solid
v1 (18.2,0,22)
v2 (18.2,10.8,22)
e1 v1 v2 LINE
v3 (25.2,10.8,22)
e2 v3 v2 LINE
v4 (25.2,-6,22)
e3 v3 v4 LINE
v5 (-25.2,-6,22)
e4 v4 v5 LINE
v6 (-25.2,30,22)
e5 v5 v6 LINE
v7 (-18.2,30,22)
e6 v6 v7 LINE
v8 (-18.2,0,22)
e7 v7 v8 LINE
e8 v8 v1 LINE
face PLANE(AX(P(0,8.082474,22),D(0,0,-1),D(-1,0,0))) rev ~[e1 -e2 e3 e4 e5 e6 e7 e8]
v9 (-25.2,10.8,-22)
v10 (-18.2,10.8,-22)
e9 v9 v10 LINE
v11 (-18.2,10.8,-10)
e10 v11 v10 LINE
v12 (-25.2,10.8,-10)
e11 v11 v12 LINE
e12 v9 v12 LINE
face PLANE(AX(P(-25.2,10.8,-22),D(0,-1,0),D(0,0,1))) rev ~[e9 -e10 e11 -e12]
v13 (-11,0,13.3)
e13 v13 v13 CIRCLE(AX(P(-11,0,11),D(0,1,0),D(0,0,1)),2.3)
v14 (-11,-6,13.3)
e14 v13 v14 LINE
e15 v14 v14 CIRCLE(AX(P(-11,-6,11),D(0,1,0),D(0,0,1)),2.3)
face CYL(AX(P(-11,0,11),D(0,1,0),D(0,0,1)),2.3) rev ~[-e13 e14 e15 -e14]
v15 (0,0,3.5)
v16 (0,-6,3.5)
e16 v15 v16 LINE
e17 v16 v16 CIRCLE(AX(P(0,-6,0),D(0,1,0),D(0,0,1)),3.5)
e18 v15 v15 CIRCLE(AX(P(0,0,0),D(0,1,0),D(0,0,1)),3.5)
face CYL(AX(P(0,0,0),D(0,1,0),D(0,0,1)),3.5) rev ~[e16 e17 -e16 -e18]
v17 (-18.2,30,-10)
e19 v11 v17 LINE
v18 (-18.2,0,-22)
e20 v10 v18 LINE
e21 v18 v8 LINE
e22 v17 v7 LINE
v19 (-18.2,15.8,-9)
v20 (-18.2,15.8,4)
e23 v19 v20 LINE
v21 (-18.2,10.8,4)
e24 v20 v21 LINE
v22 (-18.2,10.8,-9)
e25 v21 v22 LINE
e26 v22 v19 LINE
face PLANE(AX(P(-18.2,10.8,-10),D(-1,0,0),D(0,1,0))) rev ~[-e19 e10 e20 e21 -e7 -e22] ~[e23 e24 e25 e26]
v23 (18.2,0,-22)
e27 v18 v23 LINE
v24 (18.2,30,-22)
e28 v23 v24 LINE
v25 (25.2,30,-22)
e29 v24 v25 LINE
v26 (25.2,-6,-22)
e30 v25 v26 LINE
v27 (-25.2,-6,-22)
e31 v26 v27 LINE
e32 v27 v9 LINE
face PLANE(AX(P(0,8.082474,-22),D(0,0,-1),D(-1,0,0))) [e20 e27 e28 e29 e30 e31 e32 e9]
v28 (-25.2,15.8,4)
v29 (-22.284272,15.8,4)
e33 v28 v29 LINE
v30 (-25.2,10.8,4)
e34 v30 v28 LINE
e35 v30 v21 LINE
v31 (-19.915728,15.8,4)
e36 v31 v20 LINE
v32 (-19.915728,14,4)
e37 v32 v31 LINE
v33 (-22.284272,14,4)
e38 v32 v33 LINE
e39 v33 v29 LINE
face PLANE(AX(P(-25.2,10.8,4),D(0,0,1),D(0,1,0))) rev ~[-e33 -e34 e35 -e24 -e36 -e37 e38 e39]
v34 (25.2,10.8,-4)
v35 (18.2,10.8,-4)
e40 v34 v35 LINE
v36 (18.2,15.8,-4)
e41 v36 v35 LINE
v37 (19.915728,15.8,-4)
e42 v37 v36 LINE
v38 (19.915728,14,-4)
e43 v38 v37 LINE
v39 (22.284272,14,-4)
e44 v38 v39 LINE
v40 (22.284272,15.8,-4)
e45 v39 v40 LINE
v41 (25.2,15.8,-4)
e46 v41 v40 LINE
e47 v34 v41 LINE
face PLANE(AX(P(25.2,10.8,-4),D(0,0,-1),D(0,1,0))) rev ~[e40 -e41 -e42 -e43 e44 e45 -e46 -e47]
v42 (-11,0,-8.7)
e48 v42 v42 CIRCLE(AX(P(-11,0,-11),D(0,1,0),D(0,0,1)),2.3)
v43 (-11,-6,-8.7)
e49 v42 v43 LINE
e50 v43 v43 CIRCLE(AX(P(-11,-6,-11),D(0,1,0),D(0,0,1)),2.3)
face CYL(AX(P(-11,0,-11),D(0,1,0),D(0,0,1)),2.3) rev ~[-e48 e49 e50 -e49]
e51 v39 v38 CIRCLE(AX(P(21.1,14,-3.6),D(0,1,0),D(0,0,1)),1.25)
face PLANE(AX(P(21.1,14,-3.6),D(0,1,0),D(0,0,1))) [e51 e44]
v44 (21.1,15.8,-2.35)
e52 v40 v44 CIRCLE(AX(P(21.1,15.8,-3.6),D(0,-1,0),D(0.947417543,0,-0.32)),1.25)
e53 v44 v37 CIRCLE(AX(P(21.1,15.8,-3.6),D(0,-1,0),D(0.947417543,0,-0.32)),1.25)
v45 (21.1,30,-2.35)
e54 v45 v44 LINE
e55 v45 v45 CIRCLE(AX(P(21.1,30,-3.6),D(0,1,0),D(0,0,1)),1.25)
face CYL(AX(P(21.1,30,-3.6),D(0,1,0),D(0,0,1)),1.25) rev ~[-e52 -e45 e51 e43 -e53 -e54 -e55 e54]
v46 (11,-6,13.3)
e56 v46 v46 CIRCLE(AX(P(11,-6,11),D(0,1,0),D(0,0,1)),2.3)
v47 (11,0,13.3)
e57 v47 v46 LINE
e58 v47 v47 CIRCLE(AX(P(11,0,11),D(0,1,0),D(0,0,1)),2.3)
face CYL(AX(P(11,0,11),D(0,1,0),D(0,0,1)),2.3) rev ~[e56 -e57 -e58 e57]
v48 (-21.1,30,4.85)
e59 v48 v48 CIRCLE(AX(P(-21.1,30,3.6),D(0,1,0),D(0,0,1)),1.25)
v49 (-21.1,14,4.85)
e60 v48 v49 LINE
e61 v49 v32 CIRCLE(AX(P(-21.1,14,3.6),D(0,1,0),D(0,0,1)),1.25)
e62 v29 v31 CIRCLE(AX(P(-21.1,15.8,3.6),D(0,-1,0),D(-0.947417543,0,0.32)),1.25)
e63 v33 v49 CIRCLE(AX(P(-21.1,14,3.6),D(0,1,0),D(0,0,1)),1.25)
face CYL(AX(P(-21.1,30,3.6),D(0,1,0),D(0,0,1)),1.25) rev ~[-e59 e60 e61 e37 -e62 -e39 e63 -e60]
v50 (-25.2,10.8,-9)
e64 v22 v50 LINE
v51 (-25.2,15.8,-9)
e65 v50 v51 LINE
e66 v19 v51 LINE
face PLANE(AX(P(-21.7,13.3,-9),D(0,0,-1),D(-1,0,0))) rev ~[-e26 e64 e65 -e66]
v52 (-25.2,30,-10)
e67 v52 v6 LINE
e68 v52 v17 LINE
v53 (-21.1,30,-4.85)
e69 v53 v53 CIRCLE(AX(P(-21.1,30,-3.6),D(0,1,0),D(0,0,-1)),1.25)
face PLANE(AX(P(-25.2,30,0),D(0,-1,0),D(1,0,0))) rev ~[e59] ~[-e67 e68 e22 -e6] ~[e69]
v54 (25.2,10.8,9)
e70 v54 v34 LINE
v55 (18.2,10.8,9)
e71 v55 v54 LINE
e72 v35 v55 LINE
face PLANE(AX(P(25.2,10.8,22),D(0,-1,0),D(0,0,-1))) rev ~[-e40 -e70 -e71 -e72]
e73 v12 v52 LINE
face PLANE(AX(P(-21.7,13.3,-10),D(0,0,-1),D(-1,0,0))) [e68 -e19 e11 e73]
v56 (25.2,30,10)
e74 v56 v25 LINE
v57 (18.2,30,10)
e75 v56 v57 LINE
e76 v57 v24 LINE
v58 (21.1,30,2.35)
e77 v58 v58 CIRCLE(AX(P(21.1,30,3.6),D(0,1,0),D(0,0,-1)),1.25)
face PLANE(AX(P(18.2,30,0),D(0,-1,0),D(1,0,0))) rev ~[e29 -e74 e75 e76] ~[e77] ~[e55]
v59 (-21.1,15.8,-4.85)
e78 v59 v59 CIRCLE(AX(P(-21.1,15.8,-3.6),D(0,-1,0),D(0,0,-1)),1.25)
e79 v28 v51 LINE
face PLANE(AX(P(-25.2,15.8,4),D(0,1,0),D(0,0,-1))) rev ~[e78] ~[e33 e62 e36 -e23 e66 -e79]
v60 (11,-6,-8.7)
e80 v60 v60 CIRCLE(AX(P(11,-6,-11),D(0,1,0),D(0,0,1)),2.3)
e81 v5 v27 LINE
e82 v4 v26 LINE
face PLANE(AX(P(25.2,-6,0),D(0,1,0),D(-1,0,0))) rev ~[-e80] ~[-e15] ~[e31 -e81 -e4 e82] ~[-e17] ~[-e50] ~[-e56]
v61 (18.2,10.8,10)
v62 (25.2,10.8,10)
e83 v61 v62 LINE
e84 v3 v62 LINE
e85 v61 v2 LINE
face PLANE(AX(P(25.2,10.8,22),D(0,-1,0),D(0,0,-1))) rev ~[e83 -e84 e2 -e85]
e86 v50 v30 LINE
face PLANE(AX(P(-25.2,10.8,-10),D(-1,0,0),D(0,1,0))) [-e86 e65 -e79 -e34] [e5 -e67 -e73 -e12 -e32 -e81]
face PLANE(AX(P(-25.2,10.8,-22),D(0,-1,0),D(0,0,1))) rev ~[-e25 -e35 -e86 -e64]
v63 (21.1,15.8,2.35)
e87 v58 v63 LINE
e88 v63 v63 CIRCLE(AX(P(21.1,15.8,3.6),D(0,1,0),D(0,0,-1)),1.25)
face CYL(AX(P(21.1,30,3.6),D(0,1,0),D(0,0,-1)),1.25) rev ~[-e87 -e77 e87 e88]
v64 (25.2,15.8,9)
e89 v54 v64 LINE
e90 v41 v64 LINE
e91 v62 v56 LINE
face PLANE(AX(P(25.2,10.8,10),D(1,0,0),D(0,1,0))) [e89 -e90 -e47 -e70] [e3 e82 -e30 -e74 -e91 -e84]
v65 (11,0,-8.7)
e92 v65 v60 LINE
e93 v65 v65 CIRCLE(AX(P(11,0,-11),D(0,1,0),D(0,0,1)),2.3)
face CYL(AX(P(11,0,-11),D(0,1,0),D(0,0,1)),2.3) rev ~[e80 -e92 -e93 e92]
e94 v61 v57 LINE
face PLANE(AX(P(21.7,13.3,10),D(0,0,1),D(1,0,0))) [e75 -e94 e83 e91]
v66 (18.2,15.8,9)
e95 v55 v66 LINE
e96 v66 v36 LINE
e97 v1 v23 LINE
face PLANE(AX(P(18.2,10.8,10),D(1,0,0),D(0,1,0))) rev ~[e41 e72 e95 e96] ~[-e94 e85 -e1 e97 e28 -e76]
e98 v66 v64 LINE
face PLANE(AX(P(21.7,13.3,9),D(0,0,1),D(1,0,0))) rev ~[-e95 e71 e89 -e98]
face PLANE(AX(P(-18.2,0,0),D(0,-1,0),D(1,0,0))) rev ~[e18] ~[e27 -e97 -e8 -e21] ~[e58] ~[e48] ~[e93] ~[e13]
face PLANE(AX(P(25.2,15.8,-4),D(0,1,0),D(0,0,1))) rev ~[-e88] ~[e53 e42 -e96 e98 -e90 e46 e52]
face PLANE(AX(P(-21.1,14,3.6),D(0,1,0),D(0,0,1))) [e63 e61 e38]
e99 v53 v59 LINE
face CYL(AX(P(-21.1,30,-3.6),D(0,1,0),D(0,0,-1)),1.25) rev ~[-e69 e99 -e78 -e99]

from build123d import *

# Parameters (mm, degrees)
BOSS_EXTRUDE1_DEPTH = 22
SKETCH2_R           = 1.25
CUT_EXTRUDE1_DEPTH  = 16
CUT_EXTRUDE2_REACH  = 64.643
SKETCH3_W           = 12
SKETCH3_H           = 14.2
SKETCH4_W           = 7
SKETCH4_H           = 5
BOSS_EXTRUDE2_DEPTH = 1
CIRPATTERN1_COUNT   = 2
CUT_EXTRUDE3_REACH  = 46.934
SKETCH5_R           = 3.5
SKETCH5_R_2         = 2.3


with BuildPart() as part:
    # Sketch1 → Boss-Extrude1 (new, symmetric)
    with BuildSketch(Plane.XY):
        Polygon((-18.2, 0), (18.2, 0), (18.2, 30), (25.2, 30), (25.2, -6), (-25.2, -6), (-25.2, 30), (-18.2, 30), align=None)
    extrude(amount=BOSS_EXTRUDE1_DEPTH, both=True)

    # Sketch2 → Cut-Extrude1 (cut)
    with BuildSketch(Plane(origin=(0, 30, 0), x_dir=(1, 0, 0), z_dir=(0, 1, 0))):
        with Locations(Location((-21.1, -3.6, 0), (0, 0, 270))):
            Circle(SKETCH2_R)
        with Locations(Location((-21.1, 3.6, 0), (0, 0, 90))):
            Circle(SKETCH2_R)
        with Locations(Location((21.1, 3.6, 0), (0, 0, 270))):
            Circle(SKETCH2_R)
        with Locations(Location((21.1, -3.6, 0), (0, 0, 90))):
            Circle(SKETCH2_R)
    extrude(amount=-CUT_EXTRUDE1_DEPTH, mode=Mode.SUBTRACT)

    # Sketch3 → Cut-Extrude2 (cut, up to next)
    with BuildSketch(Plane(origin=(25.2, 0, 0), x_dir=(0, 0, -1), z_dir=(1, 0, 0)), mode=Mode.PRIVATE) as cut_extrude2_sk1:
        with Locations((-16, 22.9)):
            Rectangle(SKETCH3_W, SKETCH3_H)
    cut_extrude2_tool1 = extrude(cut_extrude2_sk1.sketch, amount=-CUT_EXTRUDE2_REACH, mode=Mode.PRIVATE) & part.part
    # Sketch3 → Cut-Extrude2 (cut, up to next)
    with BuildSketch(Plane(origin=(25.2, 0, 0), x_dir=(0, 0, -1), z_dir=(1, 0, 0)), mode=Mode.PRIVATE) as cut_extrude2_sk2:
        Polygon((-10, 15.8), (-22, 15.8), (-22, 10.8), (4, 10.8), (4, 15.8), align=None)
    cut_extrude2_tool2 = extrude(cut_extrude2_sk2.sketch, amount=-CUT_EXTRUDE2_REACH, mode=Mode.PRIVATE) & part.part
    cut_extrude2_1 = cut_extrude2_tool1.solids().sort_by_distance((25.2, 22.9, 16))[0]
    add(cut_extrude2_1, mode=Mode.SUBTRACT)
    cut_extrude2_2 = cut_extrude2_tool2.solids().sort_by_distance((25.2, 13.3, 9))[0]
    add(cut_extrude2_2, mode=Mode.SUBTRACT)
    cut_extrude2 = cut_extrude2_1 + cut_extrude2_2  # Cut-Extrude2 as one shape, for the pattern or mirror that repeats it

    # Sketch4 → Boss-Extrude2 (add)
    with BuildSketch(Plane.XY.offset(10)):
        with Locations((21.7, 13.3)):
            Rectangle(SKETCH4_W, SKETCH4_H)
    boss_extrude2 = extrude(amount=-BOSS_EXTRUDE2_DEPTH)

    # CirPattern1: Cut-Extrude2, Boss-Extrude2 ×2 about axis
    cirpattern1_axis = Axis((0, -7.8, 0), (0, 1, 0))
    add([cut_extrude2.rotate(cirpattern1_axis, i * 360 / CIRPATTERN1_COUNT) for i in range(1, CIRPATTERN1_COUNT)], mode=Mode.SUBTRACT)
    add([boss_extrude2.rotate(cirpattern1_axis, i * 360 / CIRPATTERN1_COUNT) for i in range(1, CIRPATTERN1_COUNT)])

    # Sketch5 → Cut-Extrude3 (cut, up to next)
    with BuildSketch(Plane(origin=(0, 0, 0), x_dir=(1, 0, 0), z_dir=(0, 1, 0)), mode=Mode.PRIVATE) as cut_extrude3_sk1:
        with Locations(Location((0, 0, 0), (0, 0, 270))):
            Circle(SKETCH5_R)
    cut_extrude3_tool1 = extrude(cut_extrude3_sk1.sketch, amount=-CUT_EXTRUDE3_REACH, mode=Mode.PRIVATE) & part.part
    # Sketch5 → Cut-Extrude3 (cut, up to next)
    with BuildSketch(Plane(origin=(0, 0, 0), x_dir=(1, 0, 0), z_dir=(0, 1, 0)), mode=Mode.PRIVATE) as cut_extrude3_sk2:
        with Locations(Location((-11, 11, 0), (0, 0, 270))):
            Circle(SKETCH5_R_2)
    cut_extrude3_tool2 = extrude(cut_extrude3_sk2.sketch, amount=-CUT_EXTRUDE3_REACH, mode=Mode.PRIVATE) & part.part
    # Sketch5 → Cut-Extrude3 (cut, up to next)
    with BuildSketch(Plane(origin=(0, 0, 0), x_dir=(1, 0, 0), z_dir=(0, 1, 0)), mode=Mode.PRIVATE) as cut_extrude3_sk3:
        with Locations(Location((11, 11, 0), (0, 0, 270))):
            Circle(SKETCH5_R_2)
    cut_extrude3_tool3 = extrude(cut_extrude3_sk3.sketch, amount=-CUT_EXTRUDE3_REACH, mode=Mode.PRIVATE) & part.part
    # Sketch5 → Cut-Extrude3 (cut, up to next)
    with BuildSketch(Plane(origin=(0, 0, 0), x_dir=(1, 0, 0), z_dir=(0, 1, 0)), mode=Mode.PRIVATE) as cut_extrude3_sk4:
        with Locations(Location((11, -11, 0), (0, 0, 270))):
            Circle(SKETCH5_R_2)
    cut_extrude3_tool4 = extrude(cut_extrude3_sk4.sketch, amount=-CUT_EXTRUDE3_REACH, mode=Mode.PRIVATE) & part.part
    # Sketch5 → Cut-Extrude3 (cut, up to next)
    with BuildSketch(Plane(origin=(0, 0, 0), x_dir=(1, 0, 0), z_dir=(0, 1, 0)), mode=Mode.PRIVATE) as cut_extrude3_sk5:
        with Locations(Location((-11, -11, 0), (0, 0, 270))):
            Circle(SKETCH5_R_2)
    cut_extrude3_tool5 = extrude(cut_extrude3_sk5.sketch, amount=-CUT_EXTRUDE3_REACH, mode=Mode.PRIVATE) & part.part
    add(cut_extrude3_tool1.solids().sort_by_distance((0, 0, 0))[0], mode=Mode.SUBTRACT)
    add(cut_extrude3_tool2.solids().sort_by_distance((-11, 0, -11))[0], mode=Mode.SUBTRACT)
    add(cut_extrude3_tool3.solids().sort_by_distance((11, 0, -11))[0], mode=Mode.SUBTRACT)
    add(cut_extrude3_tool4.solids().sort_by_distance((11, 0, 11))[0], mode=Mode.SUBTRACT)
    add(cut_extrude3_tool5.solids().sort_by_distance((-11, 0, 11))[0], mode=Mode.SUBTRACT)


solid = part.part
